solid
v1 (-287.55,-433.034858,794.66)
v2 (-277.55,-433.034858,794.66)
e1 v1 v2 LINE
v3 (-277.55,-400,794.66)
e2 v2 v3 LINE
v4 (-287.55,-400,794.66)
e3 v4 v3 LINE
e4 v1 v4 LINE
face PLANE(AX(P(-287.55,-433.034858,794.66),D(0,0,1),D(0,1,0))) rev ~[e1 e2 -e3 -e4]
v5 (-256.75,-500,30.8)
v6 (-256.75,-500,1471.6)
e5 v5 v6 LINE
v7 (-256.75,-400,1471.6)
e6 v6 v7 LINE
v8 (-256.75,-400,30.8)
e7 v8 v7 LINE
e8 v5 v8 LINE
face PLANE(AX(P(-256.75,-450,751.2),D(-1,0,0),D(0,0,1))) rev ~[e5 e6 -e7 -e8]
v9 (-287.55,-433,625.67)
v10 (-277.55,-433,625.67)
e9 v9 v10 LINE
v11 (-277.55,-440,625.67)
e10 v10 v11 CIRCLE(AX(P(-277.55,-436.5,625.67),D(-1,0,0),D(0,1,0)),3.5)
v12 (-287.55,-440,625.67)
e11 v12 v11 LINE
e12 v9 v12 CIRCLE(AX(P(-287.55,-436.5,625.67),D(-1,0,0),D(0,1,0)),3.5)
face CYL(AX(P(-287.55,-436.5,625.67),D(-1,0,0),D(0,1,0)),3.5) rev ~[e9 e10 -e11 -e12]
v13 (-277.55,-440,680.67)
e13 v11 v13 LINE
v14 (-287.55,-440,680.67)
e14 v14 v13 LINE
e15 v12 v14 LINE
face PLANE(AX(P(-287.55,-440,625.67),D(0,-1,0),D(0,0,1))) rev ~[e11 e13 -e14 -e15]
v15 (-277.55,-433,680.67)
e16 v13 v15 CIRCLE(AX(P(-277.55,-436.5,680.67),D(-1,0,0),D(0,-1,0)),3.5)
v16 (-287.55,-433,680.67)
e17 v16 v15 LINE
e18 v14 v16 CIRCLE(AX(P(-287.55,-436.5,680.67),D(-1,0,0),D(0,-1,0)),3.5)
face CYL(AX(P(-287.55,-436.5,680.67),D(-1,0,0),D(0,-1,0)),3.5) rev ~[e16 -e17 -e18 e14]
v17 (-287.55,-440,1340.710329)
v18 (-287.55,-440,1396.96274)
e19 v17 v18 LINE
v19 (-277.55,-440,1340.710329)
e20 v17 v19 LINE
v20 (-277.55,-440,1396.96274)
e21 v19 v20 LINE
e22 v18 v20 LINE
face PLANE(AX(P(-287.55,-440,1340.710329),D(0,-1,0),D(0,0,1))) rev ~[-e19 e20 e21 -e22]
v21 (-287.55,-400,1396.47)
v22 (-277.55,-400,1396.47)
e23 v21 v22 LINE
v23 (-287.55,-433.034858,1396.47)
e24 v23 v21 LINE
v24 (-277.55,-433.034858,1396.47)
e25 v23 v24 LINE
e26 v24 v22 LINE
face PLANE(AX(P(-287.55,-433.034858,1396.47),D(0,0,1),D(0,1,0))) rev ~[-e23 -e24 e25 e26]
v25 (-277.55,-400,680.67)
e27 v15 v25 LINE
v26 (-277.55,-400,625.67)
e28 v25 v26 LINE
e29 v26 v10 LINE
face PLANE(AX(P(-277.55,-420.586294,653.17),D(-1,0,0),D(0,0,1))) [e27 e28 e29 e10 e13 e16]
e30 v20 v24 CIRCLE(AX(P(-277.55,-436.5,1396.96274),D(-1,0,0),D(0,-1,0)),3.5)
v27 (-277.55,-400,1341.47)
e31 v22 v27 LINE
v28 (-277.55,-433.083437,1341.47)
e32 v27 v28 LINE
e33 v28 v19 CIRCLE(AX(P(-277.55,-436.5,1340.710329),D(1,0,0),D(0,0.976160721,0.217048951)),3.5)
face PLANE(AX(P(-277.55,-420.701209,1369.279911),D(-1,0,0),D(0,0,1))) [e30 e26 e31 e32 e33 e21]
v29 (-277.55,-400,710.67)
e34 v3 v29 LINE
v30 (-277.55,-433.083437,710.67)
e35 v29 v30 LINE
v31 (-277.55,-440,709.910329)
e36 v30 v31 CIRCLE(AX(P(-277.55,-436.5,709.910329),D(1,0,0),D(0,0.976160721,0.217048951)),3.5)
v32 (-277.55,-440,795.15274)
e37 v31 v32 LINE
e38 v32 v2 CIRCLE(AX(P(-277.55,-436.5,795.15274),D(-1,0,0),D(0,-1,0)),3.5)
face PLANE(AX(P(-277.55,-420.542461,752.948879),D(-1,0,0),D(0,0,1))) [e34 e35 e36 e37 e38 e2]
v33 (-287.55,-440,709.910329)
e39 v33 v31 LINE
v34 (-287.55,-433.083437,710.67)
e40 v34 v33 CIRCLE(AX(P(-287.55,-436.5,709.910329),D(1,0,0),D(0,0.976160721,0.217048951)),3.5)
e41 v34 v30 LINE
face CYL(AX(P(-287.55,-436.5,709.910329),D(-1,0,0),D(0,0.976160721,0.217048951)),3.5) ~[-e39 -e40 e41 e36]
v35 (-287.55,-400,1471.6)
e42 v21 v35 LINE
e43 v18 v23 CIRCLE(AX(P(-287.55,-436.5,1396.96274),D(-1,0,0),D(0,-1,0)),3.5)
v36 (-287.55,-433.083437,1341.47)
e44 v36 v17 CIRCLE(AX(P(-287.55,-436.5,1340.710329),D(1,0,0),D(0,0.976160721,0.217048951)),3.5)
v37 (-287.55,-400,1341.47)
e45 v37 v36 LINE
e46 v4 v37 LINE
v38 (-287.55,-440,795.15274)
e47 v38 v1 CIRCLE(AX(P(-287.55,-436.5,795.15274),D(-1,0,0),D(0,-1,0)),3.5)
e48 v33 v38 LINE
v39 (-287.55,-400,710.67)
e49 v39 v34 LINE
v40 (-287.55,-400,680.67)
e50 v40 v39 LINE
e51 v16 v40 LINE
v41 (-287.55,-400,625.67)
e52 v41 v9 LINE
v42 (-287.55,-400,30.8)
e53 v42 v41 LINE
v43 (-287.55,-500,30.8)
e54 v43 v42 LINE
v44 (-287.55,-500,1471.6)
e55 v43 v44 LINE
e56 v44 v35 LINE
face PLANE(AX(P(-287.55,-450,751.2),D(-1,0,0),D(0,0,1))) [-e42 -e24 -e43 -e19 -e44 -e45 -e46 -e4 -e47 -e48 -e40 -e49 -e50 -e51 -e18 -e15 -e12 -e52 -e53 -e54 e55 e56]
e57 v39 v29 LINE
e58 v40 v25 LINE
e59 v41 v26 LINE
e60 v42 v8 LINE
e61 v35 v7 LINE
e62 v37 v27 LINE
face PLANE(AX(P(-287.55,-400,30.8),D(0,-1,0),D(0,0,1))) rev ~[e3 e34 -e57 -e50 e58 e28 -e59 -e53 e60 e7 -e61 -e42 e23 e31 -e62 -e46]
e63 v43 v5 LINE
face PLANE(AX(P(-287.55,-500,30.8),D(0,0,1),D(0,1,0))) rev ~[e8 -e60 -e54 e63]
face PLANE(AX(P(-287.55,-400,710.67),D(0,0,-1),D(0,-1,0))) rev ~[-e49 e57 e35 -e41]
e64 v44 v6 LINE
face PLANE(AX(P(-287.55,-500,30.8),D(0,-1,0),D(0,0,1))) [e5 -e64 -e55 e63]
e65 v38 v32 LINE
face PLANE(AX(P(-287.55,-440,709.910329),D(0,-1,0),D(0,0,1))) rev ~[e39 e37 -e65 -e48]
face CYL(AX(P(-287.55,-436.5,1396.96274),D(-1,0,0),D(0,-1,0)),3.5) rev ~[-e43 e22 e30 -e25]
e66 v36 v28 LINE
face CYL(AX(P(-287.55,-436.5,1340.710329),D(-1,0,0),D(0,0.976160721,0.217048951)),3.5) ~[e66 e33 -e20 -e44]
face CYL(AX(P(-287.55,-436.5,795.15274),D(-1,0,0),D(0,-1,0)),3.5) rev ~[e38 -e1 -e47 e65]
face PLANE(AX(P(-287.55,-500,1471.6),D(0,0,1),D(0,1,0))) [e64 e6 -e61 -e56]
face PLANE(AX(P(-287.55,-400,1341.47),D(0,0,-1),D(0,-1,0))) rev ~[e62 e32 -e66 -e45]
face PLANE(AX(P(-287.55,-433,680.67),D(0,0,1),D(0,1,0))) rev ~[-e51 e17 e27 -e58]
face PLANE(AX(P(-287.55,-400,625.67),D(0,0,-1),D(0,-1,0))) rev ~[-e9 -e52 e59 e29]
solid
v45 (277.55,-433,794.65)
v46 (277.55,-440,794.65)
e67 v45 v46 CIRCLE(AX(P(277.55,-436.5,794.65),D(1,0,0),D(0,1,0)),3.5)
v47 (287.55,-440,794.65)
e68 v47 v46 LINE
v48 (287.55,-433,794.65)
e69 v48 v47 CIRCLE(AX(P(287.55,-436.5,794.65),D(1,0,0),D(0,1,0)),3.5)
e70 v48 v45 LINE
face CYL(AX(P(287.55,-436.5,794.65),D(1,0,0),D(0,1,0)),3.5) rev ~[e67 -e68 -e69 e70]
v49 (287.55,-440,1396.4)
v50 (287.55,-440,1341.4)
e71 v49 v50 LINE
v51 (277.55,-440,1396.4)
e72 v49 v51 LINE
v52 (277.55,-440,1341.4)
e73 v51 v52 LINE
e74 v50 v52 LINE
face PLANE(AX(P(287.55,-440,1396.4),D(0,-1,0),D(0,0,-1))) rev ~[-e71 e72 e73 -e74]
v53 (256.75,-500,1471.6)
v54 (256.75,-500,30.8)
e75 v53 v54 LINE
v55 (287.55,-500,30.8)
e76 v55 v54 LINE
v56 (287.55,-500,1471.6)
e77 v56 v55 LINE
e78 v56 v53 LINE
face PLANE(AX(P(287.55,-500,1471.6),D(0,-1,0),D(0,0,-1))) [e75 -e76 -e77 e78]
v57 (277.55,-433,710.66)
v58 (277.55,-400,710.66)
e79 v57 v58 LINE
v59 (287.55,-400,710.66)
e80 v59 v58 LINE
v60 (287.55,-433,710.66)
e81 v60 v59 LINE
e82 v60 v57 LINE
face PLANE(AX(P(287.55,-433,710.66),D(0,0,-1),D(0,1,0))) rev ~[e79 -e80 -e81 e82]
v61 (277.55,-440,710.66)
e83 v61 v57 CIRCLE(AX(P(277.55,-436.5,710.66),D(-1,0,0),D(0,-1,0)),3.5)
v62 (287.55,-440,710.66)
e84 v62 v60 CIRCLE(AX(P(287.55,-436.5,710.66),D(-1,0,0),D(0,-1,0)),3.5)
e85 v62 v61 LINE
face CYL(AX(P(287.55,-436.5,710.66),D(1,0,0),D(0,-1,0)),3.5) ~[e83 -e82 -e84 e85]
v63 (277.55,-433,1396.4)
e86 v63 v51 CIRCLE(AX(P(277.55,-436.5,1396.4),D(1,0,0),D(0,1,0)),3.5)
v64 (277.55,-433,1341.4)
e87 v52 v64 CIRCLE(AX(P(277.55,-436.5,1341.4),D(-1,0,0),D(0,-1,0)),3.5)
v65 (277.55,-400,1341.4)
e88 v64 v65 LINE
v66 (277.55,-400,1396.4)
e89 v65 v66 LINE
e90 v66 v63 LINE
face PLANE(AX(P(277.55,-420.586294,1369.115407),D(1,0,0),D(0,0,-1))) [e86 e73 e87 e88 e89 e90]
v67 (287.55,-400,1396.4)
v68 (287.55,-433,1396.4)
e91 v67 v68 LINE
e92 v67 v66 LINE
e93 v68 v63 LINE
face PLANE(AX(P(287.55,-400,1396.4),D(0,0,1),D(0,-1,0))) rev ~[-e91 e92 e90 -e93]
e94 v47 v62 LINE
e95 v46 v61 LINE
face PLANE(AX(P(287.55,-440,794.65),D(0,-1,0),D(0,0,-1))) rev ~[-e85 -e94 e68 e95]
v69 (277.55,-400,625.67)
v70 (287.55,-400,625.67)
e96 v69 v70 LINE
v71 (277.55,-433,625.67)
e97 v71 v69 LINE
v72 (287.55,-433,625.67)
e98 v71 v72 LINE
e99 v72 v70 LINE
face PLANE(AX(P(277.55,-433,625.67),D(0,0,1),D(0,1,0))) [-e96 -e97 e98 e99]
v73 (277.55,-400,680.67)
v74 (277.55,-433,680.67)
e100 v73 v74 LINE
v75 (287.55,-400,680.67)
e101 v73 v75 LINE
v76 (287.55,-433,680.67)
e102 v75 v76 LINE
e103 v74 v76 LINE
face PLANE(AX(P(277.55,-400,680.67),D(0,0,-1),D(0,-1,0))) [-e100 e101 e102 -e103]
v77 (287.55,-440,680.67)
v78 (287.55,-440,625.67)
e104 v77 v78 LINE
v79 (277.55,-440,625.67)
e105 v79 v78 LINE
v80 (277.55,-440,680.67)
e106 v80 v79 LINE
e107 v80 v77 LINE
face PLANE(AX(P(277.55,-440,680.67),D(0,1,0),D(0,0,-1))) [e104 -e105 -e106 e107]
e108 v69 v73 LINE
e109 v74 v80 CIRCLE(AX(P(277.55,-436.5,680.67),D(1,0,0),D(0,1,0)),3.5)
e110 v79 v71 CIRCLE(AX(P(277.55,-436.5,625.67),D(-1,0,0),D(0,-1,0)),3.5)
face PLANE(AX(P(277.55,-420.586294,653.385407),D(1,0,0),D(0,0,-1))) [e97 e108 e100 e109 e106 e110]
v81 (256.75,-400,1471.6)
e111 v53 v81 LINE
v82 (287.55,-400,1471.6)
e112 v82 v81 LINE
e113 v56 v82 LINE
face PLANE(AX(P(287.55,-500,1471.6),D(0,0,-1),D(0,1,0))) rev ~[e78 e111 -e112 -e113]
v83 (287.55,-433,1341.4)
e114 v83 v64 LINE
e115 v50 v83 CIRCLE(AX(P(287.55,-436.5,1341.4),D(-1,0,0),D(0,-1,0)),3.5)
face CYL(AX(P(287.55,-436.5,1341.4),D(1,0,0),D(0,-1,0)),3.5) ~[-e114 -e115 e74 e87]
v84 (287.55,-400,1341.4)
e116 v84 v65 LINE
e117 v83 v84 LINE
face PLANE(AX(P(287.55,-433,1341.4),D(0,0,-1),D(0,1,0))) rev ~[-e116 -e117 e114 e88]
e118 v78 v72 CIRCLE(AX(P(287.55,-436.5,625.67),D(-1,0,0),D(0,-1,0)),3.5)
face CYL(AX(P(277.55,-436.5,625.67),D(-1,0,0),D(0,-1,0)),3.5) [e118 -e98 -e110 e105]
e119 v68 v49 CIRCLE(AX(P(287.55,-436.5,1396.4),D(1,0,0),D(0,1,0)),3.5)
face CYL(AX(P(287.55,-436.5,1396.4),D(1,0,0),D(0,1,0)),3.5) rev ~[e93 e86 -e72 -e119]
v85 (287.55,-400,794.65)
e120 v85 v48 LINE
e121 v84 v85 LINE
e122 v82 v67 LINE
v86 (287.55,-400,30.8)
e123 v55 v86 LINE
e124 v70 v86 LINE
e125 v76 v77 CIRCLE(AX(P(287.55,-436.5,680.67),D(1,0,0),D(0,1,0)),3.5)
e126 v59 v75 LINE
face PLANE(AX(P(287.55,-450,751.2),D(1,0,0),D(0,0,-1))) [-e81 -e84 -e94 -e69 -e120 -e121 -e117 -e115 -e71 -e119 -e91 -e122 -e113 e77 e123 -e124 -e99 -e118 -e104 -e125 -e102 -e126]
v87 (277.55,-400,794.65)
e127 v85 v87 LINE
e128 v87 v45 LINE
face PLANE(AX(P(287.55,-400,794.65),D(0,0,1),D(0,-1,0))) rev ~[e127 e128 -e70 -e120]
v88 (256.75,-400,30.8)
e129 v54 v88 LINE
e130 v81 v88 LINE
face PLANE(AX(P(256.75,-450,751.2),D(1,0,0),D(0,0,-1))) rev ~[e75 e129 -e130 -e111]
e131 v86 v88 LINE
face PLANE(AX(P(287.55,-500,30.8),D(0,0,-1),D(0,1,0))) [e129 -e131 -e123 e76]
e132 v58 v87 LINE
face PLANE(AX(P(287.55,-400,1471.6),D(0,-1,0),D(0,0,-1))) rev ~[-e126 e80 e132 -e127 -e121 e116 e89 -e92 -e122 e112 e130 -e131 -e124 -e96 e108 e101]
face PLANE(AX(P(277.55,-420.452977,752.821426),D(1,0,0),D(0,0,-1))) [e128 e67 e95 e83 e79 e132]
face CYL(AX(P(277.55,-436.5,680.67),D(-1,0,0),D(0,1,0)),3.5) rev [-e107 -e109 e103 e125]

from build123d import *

# Parameters (mm, degrees)
SKETCH8_W           = 1440.8
SKETCH8_H           = 100
BOSS_EXTRUDE2_DEPTH = 30.8
CUT_EXTRUDE4_DEPTH  = 10
CUT_EXTRUDE5_DEPTH  = 10
CUT_EXTRUDE6_DEPTH  = 10
SKETCH16_W          = 1440.8
SKETCH16_H          = 100
BOSS_EXTRUDE3_DEPTH = 30.8
CUT_EXTRUDE7_DEPTH  = 10
CUT_EXTRUDE8_DEPTH  = 10
CUT_EXTRUDE9_START  = -10
CUT_EXTRUDE9_DEPTH  = 10


with BuildPart() as part:
    # Sketch8 → Boss-Extrude2 (new body)
    with BuildSketch(Plane.ZY.offset(287.55)):
        with Locations((751.2, -450)):
            Rectangle(SKETCH8_W, SKETCH8_H)
    extrude(amount=-BOSS_EXTRUDE2_DEPTH)

    # Sketch9 → Cut-Extrude4 (cut)
    with BuildSketch(Plane.ZY.offset(287.55)):
        with BuildLine():
            Line((680.67, -433), (680.67, -400))
            Line((680.67, -400), (625.67, -400))
            Line((625.67, -400), (625.67, -433))
            ThreePointArc((625.67, -433), (622.17, -436.5), (625.67, -440))
            Line((625.67, -440), (680.67, -440))
            ThreePointArc((680.67, -440), (684.17, -436.5), (680.67, -433))
        make_face()
    extrude(amount=-CUT_EXTRUDE4_DEPTH, mode=Mode.SUBTRACT)

    # Sketch10 → Cut-Extrude5 (cut)
    with BuildSketch(Plane.ZY.offset(287.55)):
        with BuildLine():
            Line((794.66, -433.034858241), (794.66, -400))
            Line((794.66, -400), (710.67, -400))
            Line((710.67, -400), (710.67, -433.083437478))
            ThreePointArc((710.67, -433.083437478), (713.389406768, -436.882119858), (709.91032867, -440))
            Line((709.91032867, -440), (795.152739883, -440))
            ThreePointArc((795.152739883, -440), (798.644014447, -436.253014328), (794.66, -433.034858241))
        make_face()
    extrude(amount=-CUT_EXTRUDE5_DEPTH, mode=Mode.SUBTRACT)

    # Sketch11 → Cut-Extrude6 (cut)
    with BuildSketch(Plane.ZY.offset(287.55)):
        with BuildLine():
            Line((1396.47, -433.034858241), (1396.47, -400))
            Line((1396.47, -400), (1341.47, -400))
            Line((1341.47, -400), (1341.47, -433.083437478))
            ThreePointArc((1341.47, -433.083437478), (1344.189406768, -436.882119858), (1340.71032867, -440))
            Line((1340.71032867, -440), (1396.962739883, -440))
            ThreePointArc((1396.962739883, -440), (1400.454014447, -436.253014328), (1396.47, -433.034858241))
        make_face()
    extrude(amount=-CUT_EXTRUDE6_DEPTH, mode=Mode.SUBTRACT)


with BuildPart() as body_2:
    # Sketch16 → Boss-Extrude3 (new body)
    with BuildSketch(Plane(origin=(287.55, 0, 0), x_dir=(0, 0, -1), z_dir=(1, 0, 0))):
        with Locations((-751.2, -450)):
            Rectangle(SKETCH16_W, SKETCH16_H)
    extrude(amount=-BOSS_EXTRUDE3_DEPTH)

    # Sketch17 → Cut-Extrude7 (cut)
    with BuildSketch(Plane(origin=(287.55, 0, 0), x_dir=(0, 0, -1), z_dir=(1, 0, 0))):
        with BuildLine():
            Line((-1396.4, -400), (-1396.4, -433))
            ThreePointArc((-1396.4, -433), (-1399.9, -436.5), (-1396.4, -440))
            Line((-1396.4, -440), (-1341.4, -440))
            ThreePointArc((-1341.4, -440), (-1344.9, -436.5), (-1341.4, -433))
            Line((-1341.4, -433), (-1341.4, -400))
            Line((-1341.4, -400), (-1396.4, -400))
        make_face()
    extrude(amount=-CUT_EXTRUDE7_DEPTH, mode=Mode.SUBTRACT)

    # Sketch18 → Cut-Extrude8 (cut)
    with BuildSketch(Plane(origin=(287.55, 0, 0), x_dir=(0, 0, -1), z_dir=(1, 0, 0))):
        with BuildLine():
            Line((-794.65, -400), (-794.65, -433))
            ThreePointArc((-794.65, -433), (-798.15, -436.5), (-794.65, -440))
            Line((-794.65, -440), (-710.66, -440))
            ThreePointArc((-710.66, -440), (-714.16, -436.5), (-710.66, -433))
            Line((-710.66, -433), (-710.66, -400))
            Line((-710.66, -400), (-794.65, -400))
        make_face()
    extrude(amount=-CUT_EXTRUDE8_DEPTH, mode=Mode.SUBTRACT)

    # Sketch19 → Cut-Extrude9 (cut)
    with BuildSketch(Plane(origin=(287.55, 0, 0), x_dir=(0, 0, -1), z_dir=(1, 0, 0)).offset(CUT_EXTRUDE9_START)):
        with BuildLine():
            Line((-680.67, -400), (-680.67, -433))
            ThreePointArc((-680.67, -433), (-684.17, -436.5), (-680.67, -440))
            Line((-680.67, -440), (-625.67, -440))
            ThreePointArc((-625.67, -440), (-629.17, -436.5), (-625.67, -433))
            Line((-625.67, -433), (-625.67, -400))
            Line((-625.67, -400), (-680.67, -400))
        make_face()
    extrude(amount=CUT_EXTRUDE9_DEPTH, mode=Mode.SUBTRACT)


solid = Compound([part.part, body_2.part])
